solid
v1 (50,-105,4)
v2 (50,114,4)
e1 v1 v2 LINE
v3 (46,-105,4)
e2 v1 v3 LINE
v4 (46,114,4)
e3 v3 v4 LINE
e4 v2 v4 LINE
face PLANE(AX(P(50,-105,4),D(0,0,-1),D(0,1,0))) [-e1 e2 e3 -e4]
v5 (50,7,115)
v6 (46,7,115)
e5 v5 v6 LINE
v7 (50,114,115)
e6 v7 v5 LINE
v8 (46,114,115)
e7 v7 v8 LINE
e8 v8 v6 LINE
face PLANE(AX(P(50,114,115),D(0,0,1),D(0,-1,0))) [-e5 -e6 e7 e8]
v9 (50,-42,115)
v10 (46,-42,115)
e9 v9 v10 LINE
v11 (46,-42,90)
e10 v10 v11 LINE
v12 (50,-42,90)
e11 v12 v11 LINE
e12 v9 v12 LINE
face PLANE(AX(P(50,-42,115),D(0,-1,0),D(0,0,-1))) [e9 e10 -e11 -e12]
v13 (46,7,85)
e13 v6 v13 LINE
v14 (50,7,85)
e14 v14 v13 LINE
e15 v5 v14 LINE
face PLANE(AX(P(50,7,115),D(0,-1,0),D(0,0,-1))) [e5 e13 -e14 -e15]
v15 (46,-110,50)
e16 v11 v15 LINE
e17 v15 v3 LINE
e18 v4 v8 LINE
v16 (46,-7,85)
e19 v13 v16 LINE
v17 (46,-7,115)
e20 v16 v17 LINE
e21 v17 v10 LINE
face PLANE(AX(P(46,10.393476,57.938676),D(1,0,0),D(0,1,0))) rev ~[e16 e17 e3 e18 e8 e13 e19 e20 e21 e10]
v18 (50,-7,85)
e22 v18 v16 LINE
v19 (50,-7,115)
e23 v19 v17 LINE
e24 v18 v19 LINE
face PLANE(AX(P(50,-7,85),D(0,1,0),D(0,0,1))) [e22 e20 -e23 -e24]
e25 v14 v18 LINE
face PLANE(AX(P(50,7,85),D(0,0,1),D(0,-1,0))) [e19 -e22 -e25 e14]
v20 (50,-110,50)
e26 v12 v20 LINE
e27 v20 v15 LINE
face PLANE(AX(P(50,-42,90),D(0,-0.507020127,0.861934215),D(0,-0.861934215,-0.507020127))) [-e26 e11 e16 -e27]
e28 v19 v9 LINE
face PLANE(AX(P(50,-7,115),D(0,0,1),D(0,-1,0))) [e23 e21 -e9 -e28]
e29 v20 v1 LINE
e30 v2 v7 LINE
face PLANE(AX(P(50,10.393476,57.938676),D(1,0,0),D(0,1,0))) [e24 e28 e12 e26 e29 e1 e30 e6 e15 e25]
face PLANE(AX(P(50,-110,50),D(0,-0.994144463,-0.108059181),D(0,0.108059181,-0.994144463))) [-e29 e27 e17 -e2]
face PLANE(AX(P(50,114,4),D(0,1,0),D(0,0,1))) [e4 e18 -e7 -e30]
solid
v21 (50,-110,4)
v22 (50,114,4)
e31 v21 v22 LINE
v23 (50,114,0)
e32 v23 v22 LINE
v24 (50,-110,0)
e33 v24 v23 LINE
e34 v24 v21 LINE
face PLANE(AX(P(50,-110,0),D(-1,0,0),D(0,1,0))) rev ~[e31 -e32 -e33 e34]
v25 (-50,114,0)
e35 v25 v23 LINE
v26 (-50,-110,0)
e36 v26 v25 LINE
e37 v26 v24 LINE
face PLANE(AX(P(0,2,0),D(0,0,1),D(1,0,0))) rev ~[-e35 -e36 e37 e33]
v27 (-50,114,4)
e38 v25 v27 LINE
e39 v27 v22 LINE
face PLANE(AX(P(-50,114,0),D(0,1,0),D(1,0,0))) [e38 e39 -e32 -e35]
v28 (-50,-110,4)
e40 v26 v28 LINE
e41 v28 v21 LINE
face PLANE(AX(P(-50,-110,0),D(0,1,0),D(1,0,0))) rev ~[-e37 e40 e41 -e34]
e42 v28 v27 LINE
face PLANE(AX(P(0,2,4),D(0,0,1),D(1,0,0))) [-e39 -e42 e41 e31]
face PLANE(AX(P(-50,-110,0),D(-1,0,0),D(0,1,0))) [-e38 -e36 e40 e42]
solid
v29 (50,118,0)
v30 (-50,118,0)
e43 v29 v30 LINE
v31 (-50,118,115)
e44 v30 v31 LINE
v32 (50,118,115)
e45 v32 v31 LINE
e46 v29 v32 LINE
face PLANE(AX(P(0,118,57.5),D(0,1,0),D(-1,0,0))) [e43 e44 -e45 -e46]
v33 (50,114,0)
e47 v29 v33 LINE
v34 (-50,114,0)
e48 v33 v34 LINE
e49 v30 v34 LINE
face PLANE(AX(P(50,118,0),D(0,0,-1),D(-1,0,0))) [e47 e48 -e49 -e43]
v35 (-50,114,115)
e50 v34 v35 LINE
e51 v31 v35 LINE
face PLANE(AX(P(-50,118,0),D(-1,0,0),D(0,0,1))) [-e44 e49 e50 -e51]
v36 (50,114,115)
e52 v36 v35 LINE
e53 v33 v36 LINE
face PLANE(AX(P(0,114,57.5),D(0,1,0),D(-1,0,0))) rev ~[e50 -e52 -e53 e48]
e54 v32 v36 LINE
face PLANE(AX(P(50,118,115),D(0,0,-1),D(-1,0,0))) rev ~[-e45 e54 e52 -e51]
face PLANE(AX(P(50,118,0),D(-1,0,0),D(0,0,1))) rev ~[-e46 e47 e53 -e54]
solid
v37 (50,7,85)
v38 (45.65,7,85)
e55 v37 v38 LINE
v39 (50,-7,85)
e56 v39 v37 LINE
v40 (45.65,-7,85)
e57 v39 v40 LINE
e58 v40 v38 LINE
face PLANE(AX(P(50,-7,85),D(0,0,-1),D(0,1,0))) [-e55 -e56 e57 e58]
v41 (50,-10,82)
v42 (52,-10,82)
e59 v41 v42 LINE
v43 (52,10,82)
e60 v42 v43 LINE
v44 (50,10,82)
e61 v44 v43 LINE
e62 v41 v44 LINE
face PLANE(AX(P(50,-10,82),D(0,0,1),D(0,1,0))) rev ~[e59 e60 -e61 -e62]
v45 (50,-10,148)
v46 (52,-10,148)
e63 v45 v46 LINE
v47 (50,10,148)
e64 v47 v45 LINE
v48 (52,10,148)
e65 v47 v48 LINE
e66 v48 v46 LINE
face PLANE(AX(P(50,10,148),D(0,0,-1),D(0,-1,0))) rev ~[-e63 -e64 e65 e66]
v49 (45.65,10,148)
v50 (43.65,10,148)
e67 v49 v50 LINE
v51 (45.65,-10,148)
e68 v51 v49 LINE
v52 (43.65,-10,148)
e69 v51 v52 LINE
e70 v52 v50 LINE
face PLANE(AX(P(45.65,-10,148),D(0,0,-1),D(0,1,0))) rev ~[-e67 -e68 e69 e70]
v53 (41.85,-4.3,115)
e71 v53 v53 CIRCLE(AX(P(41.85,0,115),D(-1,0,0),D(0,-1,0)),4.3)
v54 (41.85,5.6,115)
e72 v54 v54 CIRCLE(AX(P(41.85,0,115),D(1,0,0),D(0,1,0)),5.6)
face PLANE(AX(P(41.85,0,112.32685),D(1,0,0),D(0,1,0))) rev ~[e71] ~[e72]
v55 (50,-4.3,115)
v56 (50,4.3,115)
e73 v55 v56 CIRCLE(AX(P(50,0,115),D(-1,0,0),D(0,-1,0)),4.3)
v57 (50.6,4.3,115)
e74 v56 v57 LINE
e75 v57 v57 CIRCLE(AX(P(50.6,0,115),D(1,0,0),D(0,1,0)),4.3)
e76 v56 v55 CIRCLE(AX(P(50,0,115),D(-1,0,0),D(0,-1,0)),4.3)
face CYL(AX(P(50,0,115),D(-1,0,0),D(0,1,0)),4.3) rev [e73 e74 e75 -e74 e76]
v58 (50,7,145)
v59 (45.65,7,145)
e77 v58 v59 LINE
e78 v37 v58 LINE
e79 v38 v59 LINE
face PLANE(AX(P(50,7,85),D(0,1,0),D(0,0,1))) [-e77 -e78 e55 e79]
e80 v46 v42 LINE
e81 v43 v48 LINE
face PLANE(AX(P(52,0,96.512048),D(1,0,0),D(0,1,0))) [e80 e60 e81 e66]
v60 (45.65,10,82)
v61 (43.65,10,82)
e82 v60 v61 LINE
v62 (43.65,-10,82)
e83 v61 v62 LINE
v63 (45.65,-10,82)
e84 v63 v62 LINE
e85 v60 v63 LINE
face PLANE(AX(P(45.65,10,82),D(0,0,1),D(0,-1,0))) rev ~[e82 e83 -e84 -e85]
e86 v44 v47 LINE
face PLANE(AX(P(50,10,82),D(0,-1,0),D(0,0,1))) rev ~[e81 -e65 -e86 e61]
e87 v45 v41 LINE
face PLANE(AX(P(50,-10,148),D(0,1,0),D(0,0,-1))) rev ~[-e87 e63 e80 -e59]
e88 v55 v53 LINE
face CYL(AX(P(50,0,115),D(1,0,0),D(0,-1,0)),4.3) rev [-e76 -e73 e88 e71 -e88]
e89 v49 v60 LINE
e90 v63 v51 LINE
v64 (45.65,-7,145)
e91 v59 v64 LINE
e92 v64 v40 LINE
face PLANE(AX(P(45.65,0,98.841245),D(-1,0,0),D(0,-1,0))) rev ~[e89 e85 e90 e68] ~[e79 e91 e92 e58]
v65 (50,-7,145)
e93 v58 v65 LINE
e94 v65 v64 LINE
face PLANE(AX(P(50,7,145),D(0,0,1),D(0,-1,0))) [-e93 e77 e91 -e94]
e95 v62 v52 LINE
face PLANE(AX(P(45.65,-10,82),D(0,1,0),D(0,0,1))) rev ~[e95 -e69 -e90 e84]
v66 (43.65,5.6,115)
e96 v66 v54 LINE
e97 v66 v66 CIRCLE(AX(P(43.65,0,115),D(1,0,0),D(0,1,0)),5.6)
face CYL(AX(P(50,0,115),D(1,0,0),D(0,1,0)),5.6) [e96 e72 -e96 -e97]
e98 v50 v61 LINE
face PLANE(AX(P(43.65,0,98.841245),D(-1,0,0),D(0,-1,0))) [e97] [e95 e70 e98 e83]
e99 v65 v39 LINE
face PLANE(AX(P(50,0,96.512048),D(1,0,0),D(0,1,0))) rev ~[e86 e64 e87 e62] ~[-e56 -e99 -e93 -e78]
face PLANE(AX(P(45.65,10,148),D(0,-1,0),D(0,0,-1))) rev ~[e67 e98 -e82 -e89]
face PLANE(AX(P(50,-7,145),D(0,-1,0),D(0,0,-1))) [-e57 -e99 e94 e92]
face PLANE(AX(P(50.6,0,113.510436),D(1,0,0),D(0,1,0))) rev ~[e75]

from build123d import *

# Parameters (mm, degrees)
F1_W      = 100
F1_H      = 224
F2_DEPTH  = 4
F4_W      = 100
F4_H      = 115
F5_DEPTH  = 4
F8_DEPTH  = 4
F10_DEPTH = 2
F11_DEPTH = 20
F12_DEPTH = 8.15
F13_DEPTH = 4.45
F16_DEPTH = 2
F17_DEPTH = 0.6


with BuildPart() as f2:
    # F1 (on Top) → F2 (new body)
    with BuildSketch(Plane.XY):
        with Locations((0, 2)):
            Rectangle(F1_W, F1_H)
    extrude(amount=F2_DEPTH)

    # F9 (on offset) → F11 (cut)
    with BuildSketch(Plane.YZ.offset(50)):
        with BuildLine():
            Line((4.3, 115), (-4.3, 115))
            ThreePointArc((-4.3, 115), (0, 110.7), (4.3, 115))
        make_face()
        with BuildLine():
            ThreePointArc((4.3, 115), (0, 119.3), (-4.3, 115))
            Line((-4.3, 115), (4.3, 115))
        make_face()
    extrude(amount=-F11_DEPTH, mode=Mode.SUBTRACT)


with BuildPart() as f5:
    # F4 (on offset) → F5 (new body)
    with BuildSketch(Plane(origin=(0, 118, 0), x_dir=(-1, 0, 0), z_dir=(0, 1, 0))):
        with Locations((0, 57.5)):
            Rectangle(F4_W, F4_H)
    extrude(amount=-F5_DEPTH)


with BuildPart() as f8:
    # F7 (on offset) → F8 (new body)
    with BuildSketch(Plane.YZ.offset(50)):
        Polygon((-110, 50), (-105, 4), (0, 4), (114, 4), (114, 115), (7, 115), (7, 85), (-7, 85), (-7, 115), (-42, 115), (-42, 90), align=None)
    extrude(amount=-F8_DEPTH)


with BuildPart() as f10:
    # F9 (on offset) → F10 (new body)
    with BuildSketch(Plane.YZ.offset(50)):
        Polygon((-7, 85), (-7, 115), (-10, 115), (-10, 82), (10, 82), (10, 115), (7, 115), (7, 85), align=None)
        with BuildLine():
            Line((-5.6, 115), (-7, 115))
            Line((-7, 115), (-7, 85))
            Line((-7, 85), (7, 85))
            Line((7, 85), (7, 115))
            Line((7, 115), (5.6, 115))
            ThreePointArc((5.6, 115), (0, 109.4), (-5.6, 115))
        make_face()
        with BuildLine():
            Line((-4.3, 115), (-5.6, 115))
            ThreePointArc((-5.6, 115), (0, 109.4), (5.6, 115))
            Line((5.6, 115), (4.3, 115))
            ThreePointArc((4.3, 115), (0, 110.7), (-4.3, 115))
        make_face()
        with BuildLine():
            Line((4.3, 115), (-4.3, 115))
            ThreePointArc((-4.3, 115), (0, 110.7), (4.3, 115))
        make_face()
        Polygon((-10, 115), (-7, 115), (-7, 145), (7, 145), (7, 115), (10, 115), (10, 148), (-10, 148), align=None)
        with BuildLine():
            Line((-7, 145), (-7, 115))
            Line((-7, 115), (-5.6, 115))
            ThreePointArc((-5.6, 115), (0, 120.6), (5.6, 115))
            Line((5.6, 115), (7, 115))
            Line((7, 115), (7, 145))
            Line((7, 145), (-7, 145))
        make_face()
        with BuildLine():
            ThreePointArc((5.6, 115), (0, 120.6), (-5.6, 115))
            Line((-5.6, 115), (-4.3, 115))
            ThreePointArc((-4.3, 115), (0, 119.3), (4.3, 115))
            Line((4.3, 115), (5.6, 115))
        make_face()
        with BuildLine():
            ThreePointArc((4.3, 115), (0, 119.3), (-4.3, 115))
            Line((-4.3, 115), (4.3, 115))
        make_face()
    extrude(amount=F10_DEPTH)

    # F9 (on offset) → F12 (join)
    with BuildSketch(Plane.YZ.offset(50)):
        with BuildLine():
            Line((-4.3, 115), (-5.6, 115))
            ThreePointArc((-5.6, 115), (0, 109.4), (5.6, 115))
            Line((5.6, 115), (4.3, 115))
            ThreePointArc((4.3, 115), (0, 110.7), (-4.3, 115))
        make_face()
        with BuildLine():
            ThreePointArc((5.6, 115), (0, 120.6), (-5.6, 115))
            Line((-5.6, 115), (-4.3, 115))
            ThreePointArc((-4.3, 115), (0, 119.3), (4.3, 115))
            Line((4.3, 115), (5.6, 115))
        make_face()
    extrude(amount=-F12_DEPTH)



with BuildPart() as f13:
    # F9 (on offset) → F13 (new body)
    with BuildSketch(Plane.YZ.offset(50)):
        with BuildLine():
            Line((-5.6, 115), (-7, 115))
            Line((-7, 115), (-7, 85))
            Line((-7, 85), (7, 85))
            Line((7, 85), (7, 115))
            Line((7, 115), (5.6, 115))
            ThreePointArc((5.6, 115), (0, 109.4), (-5.6, 115))
        make_face()
        with BuildLine():
            Line((-7, 145), (-7, 115))
            Line((-7, 115), (-5.6, 115))
            ThreePointArc((-5.6, 115), (0, 120.6), (5.6, 115))
            Line((5.6, 115), (7, 115))
            Line((7, 115), (7, 145))
            Line((7, 145), (-7, 145))
        make_face()
    extrude(amount=-F13_DEPTH)


with BuildPart() as f10_1:
    add(f10.part)

    add(f13.part)  # F16 merges F13
    # F15 (on offset) → F16 (join)
    with BuildSketch(Plane(origin=(45.65, 0, 0), x_dir=(0, -1, 0), z_dir=(-1, 0, 0))):
        with BuildLine():
            Line((-10, 115), (-10, 82))
            Line((-10, 82), (10, 82))
            Line((10, 82), (10, 115))
            Line((10, 115), (7, 115))
            Line((7, 115), (5.6, 115))
            ThreePointArc((5.6, 115), (0, 109.4), (-5.6, 115))
            Line((-5.6, 115), (-7, 115))
            Line((-7, 115), (-10, 115))
        make_face()
        Polygon((-10, 148), (-10, 115), (-7, 115), (-7, 145), (7, 145), (7, 115), (10, 115), (10, 148), align=None)
        with BuildLine():
            Line((-7, 145), (-7, 115))
            Line((-7, 115), (-5.6, 115))
            ThreePointArc((-5.6, 115), (0, 120.6), (5.6, 115))
            Line((5.6, 115), (7, 115))
            Line((7, 115), (7, 145))
            Line((7, 145), (-7, 145))
        make_face()
    extrude(amount=F16_DEPTH)

    # F9 (on offset) → F17 (cut)
    with BuildSketch(Plane.YZ.offset(50)):
        with BuildLine():
            Line((4.3, 115), (-4.3, 115))
            ThreePointArc((-4.3, 115), (0, 110.7), (4.3, 115))
        make_face()
        with BuildLine():
            ThreePointArc((4.3, 115), (0, 119.3), (-4.3, 115))
            Line((-4.3, 115), (4.3, 115))
        make_face()
    extrude(amount=F17_DEPTH, mode=Mode.SUBTRACT)


solid = Compound([f2.part, f5.part, f8.part, f10_1.part])
